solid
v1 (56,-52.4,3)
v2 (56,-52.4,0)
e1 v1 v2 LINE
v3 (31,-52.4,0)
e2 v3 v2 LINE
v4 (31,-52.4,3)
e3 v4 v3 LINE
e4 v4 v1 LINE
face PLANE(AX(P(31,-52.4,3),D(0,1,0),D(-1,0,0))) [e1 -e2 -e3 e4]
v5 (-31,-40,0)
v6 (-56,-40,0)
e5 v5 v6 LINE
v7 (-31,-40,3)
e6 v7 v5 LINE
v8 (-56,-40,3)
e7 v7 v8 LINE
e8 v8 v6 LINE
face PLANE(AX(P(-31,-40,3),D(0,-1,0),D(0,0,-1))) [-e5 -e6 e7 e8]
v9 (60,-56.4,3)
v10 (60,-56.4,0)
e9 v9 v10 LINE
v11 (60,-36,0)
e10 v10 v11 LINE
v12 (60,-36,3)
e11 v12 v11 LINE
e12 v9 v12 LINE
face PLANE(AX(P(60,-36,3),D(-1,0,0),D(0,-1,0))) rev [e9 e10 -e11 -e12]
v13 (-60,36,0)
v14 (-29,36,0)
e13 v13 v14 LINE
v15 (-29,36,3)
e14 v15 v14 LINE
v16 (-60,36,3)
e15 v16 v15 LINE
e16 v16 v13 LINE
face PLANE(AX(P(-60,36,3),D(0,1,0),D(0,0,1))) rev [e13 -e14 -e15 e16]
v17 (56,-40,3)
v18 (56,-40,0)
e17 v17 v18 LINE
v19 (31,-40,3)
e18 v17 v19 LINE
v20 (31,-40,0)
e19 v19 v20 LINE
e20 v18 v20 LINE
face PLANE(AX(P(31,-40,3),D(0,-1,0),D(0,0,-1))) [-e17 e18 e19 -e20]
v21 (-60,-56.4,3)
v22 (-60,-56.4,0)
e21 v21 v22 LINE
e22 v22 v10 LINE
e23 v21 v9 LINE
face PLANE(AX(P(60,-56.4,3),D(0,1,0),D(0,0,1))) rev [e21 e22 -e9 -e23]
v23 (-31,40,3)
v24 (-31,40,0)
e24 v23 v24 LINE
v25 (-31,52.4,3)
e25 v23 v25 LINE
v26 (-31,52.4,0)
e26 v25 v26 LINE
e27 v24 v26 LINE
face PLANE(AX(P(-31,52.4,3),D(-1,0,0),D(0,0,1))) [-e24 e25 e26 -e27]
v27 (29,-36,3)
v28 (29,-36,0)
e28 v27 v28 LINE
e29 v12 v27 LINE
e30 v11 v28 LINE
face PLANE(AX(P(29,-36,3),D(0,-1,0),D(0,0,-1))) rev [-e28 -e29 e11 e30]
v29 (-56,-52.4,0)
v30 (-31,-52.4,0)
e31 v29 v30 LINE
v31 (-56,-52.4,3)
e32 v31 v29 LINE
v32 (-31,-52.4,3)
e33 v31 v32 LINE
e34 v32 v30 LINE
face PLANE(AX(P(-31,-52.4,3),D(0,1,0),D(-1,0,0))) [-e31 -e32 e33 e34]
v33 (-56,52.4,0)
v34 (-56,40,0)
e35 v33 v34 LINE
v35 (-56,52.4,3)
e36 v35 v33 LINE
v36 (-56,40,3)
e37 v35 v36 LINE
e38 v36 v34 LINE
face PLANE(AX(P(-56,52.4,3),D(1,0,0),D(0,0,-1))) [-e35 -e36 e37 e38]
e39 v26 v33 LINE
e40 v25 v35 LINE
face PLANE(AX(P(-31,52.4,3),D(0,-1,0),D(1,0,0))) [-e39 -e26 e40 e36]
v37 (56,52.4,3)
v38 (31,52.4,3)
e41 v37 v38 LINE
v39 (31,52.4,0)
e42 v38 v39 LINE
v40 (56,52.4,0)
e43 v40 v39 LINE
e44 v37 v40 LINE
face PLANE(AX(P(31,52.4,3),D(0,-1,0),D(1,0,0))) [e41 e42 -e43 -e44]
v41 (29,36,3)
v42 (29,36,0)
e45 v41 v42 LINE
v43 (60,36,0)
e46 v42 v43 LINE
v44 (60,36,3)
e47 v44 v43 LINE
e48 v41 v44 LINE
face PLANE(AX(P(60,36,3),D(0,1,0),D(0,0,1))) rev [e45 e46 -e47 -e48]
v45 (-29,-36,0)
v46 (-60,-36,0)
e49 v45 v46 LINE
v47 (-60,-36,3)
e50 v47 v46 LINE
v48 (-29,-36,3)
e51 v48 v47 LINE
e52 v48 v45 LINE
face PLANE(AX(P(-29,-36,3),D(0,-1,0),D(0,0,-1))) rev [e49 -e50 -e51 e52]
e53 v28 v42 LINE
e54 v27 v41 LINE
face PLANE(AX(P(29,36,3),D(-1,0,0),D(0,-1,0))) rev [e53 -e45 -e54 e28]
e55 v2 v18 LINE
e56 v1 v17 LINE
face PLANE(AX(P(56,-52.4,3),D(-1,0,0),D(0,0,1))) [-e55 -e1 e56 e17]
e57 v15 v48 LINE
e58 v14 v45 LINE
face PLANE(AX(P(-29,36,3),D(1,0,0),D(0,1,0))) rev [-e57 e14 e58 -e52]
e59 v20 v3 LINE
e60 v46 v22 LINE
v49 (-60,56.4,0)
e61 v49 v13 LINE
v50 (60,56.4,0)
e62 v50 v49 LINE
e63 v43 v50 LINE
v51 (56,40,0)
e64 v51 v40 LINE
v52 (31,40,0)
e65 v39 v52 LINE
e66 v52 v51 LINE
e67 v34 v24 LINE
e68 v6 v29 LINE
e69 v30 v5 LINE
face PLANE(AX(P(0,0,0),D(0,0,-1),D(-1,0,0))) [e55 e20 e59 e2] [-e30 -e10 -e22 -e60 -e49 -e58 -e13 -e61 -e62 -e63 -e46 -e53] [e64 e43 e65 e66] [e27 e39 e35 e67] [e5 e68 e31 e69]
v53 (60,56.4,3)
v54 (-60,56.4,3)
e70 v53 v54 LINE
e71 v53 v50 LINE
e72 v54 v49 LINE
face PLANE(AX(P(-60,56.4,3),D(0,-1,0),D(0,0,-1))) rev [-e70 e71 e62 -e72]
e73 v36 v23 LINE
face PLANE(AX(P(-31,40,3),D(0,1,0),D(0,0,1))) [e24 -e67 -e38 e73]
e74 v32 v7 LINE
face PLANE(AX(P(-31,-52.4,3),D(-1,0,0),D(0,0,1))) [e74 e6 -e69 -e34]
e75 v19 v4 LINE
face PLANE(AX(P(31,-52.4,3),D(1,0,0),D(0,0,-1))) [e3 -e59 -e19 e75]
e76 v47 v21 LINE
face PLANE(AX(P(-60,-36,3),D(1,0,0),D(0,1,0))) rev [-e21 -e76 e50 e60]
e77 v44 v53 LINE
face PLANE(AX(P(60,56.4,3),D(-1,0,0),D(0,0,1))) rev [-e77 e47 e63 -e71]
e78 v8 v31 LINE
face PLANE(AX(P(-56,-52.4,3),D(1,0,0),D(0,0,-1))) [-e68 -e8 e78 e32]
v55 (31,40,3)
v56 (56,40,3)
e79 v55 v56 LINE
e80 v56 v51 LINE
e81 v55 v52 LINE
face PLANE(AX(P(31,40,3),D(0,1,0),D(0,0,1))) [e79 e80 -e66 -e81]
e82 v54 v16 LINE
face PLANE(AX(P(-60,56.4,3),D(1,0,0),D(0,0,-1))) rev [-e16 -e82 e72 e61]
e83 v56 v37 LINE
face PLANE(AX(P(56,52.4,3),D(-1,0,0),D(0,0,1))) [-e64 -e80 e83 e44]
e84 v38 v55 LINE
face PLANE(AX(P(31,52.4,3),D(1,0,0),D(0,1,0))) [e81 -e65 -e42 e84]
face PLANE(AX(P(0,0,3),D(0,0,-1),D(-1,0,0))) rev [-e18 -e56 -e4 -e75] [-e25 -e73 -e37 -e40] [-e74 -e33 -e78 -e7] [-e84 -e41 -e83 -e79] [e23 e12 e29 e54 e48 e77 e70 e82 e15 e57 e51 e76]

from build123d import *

# Parameters (mm, degrees)
ESBO_O1_W                = 25
ESBO_O1_H                = 12.4
RESSALTO_EXTRUS_O1_DEPTH = 3


with BuildPart() as part:
    # Esboço1 → Ressalto-extrusão1 (new body)
    with BuildSketch(Plane.XY):
        Polygon((-60, 56.4), (60, 56.4), (60, 36), (29, 36), (29, -36), (60, -36), (60, -56.4), (-60, -56.4), (-60, -36), (-29, -36), (-29, 36), (-60, 36), align=None)
        with Locations((43.5, 46.2)):
            Rectangle(ESBO_O1_W, ESBO_O1_H, mode=Mode.SUBTRACT)
        with Locations((43.5, -46.2)):
            Rectangle(ESBO_O1_W, ESBO_O1_H, mode=Mode.SUBTRACT)
        with Locations((-43.5, -46.2)):
            Rectangle(ESBO_O1_W, ESBO_O1_H, mode=Mode.SUBTRACT)
        with Locations((-43.5, 46.2)):
            Rectangle(ESBO_O1_W, ESBO_O1_H, mode=Mode.SUBTRACT)
    extrude(amount=RESSALTO_EXTRUS_O1_DEPTH)


solid = part.part
